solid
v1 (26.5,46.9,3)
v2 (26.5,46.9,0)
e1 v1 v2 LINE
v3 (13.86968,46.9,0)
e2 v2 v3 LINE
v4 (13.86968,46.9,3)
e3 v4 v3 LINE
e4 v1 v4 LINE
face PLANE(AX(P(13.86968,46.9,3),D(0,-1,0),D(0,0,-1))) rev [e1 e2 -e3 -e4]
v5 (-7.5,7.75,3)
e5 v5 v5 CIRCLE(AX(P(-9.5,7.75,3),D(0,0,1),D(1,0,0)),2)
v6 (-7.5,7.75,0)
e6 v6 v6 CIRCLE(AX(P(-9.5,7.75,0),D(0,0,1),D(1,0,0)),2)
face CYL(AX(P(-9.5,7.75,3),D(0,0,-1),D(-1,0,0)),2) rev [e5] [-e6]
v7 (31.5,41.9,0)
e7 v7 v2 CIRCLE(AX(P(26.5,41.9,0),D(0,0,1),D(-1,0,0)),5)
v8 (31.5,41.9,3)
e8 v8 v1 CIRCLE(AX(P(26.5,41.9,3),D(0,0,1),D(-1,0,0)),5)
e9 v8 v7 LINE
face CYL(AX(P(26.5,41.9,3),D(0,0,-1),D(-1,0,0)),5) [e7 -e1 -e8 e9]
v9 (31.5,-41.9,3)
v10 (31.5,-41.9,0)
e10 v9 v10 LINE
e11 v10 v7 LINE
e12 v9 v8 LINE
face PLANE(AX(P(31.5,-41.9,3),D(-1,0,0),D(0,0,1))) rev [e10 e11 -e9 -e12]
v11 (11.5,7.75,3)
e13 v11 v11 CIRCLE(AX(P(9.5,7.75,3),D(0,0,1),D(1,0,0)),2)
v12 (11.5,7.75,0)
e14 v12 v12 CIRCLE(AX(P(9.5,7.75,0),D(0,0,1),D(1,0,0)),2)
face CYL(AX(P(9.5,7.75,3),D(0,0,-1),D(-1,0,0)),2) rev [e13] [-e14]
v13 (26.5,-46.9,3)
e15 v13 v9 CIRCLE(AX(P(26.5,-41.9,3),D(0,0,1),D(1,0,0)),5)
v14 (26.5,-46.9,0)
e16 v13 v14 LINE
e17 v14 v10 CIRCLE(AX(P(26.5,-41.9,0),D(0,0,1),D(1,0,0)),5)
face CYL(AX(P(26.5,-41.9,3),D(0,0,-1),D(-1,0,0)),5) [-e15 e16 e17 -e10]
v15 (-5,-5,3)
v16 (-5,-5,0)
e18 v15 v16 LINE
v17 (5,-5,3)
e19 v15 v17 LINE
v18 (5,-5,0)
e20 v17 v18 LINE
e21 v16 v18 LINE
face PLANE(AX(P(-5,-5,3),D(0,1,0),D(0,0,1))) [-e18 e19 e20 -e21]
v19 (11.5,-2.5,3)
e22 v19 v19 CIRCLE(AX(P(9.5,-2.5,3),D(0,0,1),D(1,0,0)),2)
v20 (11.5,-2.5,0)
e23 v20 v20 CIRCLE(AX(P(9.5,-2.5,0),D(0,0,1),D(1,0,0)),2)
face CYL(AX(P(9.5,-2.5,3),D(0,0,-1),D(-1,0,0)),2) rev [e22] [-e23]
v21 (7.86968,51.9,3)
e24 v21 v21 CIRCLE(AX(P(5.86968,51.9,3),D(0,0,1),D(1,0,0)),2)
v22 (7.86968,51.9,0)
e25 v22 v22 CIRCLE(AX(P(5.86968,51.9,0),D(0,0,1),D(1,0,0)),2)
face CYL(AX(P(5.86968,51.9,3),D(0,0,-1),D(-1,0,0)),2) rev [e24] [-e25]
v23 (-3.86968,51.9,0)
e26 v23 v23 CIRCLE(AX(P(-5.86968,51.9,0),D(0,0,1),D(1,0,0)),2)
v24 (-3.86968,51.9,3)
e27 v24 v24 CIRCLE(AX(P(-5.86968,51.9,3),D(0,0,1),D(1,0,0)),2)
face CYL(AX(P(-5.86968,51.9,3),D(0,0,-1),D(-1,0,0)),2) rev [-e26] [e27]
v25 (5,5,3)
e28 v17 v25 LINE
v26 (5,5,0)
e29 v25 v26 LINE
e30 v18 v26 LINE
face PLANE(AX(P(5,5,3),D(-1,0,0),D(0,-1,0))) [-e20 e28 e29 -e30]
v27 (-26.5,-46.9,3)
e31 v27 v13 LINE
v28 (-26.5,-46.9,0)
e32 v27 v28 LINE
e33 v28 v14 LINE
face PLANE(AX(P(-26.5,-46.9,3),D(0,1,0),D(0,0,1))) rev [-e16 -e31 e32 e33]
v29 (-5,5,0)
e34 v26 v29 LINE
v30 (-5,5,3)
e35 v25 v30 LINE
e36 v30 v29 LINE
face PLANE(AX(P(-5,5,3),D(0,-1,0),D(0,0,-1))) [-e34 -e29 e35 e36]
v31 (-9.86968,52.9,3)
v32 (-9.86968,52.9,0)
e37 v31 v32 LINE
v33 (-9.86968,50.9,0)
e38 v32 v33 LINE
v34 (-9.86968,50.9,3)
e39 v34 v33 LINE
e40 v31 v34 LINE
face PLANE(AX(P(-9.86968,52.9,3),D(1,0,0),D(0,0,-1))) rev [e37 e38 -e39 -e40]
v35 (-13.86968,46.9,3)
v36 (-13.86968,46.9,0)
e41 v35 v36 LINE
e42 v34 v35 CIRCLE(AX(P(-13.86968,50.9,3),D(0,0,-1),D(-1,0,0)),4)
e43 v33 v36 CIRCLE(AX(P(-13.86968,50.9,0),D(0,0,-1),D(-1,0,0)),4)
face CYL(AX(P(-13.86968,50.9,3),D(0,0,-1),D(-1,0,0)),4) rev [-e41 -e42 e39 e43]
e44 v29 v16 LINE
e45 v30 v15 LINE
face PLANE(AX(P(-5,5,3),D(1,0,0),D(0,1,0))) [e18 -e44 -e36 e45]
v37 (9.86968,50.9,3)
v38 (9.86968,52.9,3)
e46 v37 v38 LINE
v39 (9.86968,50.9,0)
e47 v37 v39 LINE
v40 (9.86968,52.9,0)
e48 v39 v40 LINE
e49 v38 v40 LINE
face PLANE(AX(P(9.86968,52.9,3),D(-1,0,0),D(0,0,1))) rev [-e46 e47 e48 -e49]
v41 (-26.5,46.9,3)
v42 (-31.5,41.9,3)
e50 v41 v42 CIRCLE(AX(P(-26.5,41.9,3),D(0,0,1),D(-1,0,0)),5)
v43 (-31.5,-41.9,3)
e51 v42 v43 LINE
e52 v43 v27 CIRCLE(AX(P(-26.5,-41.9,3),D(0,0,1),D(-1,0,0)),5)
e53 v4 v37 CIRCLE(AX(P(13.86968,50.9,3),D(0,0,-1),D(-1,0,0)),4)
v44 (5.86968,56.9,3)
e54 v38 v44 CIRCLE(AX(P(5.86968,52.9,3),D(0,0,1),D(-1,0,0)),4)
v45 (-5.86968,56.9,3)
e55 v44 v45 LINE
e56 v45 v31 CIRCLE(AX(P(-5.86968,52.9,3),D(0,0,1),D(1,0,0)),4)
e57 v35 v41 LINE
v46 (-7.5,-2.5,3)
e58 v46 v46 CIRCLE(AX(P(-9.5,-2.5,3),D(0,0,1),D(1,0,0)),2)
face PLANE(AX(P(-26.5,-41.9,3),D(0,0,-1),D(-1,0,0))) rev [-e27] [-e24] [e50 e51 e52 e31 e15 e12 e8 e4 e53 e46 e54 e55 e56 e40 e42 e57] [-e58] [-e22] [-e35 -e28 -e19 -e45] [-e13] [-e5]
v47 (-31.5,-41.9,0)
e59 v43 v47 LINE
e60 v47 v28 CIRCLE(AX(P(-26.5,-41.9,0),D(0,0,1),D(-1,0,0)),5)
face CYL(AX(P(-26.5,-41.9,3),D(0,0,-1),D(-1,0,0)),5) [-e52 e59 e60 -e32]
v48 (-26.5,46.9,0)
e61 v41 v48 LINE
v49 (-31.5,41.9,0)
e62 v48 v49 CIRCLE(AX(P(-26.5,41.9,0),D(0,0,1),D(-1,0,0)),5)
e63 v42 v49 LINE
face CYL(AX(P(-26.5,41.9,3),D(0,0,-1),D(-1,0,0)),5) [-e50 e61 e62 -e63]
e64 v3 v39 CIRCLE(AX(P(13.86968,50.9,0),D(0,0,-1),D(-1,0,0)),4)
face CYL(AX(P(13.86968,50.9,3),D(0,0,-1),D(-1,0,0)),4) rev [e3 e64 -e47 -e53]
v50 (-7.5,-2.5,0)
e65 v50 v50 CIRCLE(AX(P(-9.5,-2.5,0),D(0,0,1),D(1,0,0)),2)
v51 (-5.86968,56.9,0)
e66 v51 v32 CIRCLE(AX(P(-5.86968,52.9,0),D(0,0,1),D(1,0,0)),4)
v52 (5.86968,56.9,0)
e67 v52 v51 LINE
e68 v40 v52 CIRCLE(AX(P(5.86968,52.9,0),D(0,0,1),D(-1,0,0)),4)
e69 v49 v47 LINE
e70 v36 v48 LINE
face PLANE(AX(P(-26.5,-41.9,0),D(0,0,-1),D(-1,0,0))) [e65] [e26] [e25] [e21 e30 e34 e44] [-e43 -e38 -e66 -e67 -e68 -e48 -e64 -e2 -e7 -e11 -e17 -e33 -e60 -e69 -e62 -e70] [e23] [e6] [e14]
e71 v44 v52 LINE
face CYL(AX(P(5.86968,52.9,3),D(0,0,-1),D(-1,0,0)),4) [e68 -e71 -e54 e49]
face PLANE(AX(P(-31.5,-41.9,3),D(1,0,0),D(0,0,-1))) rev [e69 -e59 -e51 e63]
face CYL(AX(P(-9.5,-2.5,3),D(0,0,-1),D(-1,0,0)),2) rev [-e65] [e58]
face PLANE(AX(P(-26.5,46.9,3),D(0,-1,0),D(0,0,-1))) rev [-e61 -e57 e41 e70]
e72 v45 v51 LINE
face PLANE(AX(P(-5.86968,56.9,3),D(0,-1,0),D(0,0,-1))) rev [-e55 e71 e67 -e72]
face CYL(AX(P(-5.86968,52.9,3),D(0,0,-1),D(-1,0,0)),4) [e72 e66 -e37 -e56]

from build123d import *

# Parameters (mm, degrees)
SKETCH_1_R      = 2
SKETCH_1_W      = 10
SKETCH_1_H      = 10
EXTRUDE_1_DEPTH = 3


with BuildPart() as part:
    # Эскиз1 → Бобышка-Вытянуть1 (new body)
    with BuildSketch(Plane.XY):
        with BuildLine():
            Line((13.869679809, 46.9), (26.5, 46.9))
            ThreePointArc((26.5, 46.9), (30.035533906, 45.435533906), (31.5, 41.9))
            Line((31.5, 41.9), (31.5, -41.9))
            ThreePointArc((31.5, -41.9), (30.035533906, -45.435533906), (26.5, -46.9))
            Line((26.5, -46.9), (-26.5, -46.9))
            ThreePointArc((-26.5, -46.9), (-30.035533906, -45.435533906), (-31.5, -41.9))
            Line((-31.5, -41.9), (-31.5, 41.9))
            ThreePointArc((-31.5, 41.9), (-30.035533906, 45.435533906), (-26.5, 46.9))
            Line((-26.5, 46.9), (-13.869679809, 46.9))
            ThreePointArc((-13.869679809, 46.9), (-11.041252684, 48.071572875), (-9.869679809, 50.9))
            Line((-9.869679809, 50.9), (-9.869679809, 52.9))
            ThreePointArc((-9.869679809, 52.9), (-8.698106934, 55.728427125), (-5.869679809, 56.9))
            Line((-5.869679809, 56.9), (5.869679809, 56.9))
            ThreePointArc((5.869679809, 56.9), (8.698106934, 55.728427125), (9.869679809, 52.9))
            Line((9.869679809, 52.9), (9.869679809, 50.9))
            ThreePointArc((9.869679809, 50.9), (11.041252684, 48.071572875), (13.869679809, 46.9))
        make_face()
        with Locations((-5.869679809, 51.9)):
            Circle(SKETCH_1_R, mode=Mode.SUBTRACT)
        with Locations((5.869679809, 51.9)):
            Circle(SKETCH_1_R, mode=Mode.SUBTRACT)
        with Locations((9.5, -2.5)):
            Circle(SKETCH_1_R, mode=Mode.SUBTRACT)
        with Locations((-9.5, -2.5)):
            Circle(SKETCH_1_R, mode=Mode.SUBTRACT)
        with Locations((-9.5, 7.75)):
            Circle(SKETCH_1_R, mode=Mode.SUBTRACT)
        with Locations((9.5, 7.75)):
            Circle(SKETCH_1_R, mode=Mode.SUBTRACT)
        Rectangle(SKETCH_1_W, SKETCH_1_H, mode=Mode.SUBTRACT)
    extrude(amount=EXTRUDE_1_DEPTH)


solid = part.part
